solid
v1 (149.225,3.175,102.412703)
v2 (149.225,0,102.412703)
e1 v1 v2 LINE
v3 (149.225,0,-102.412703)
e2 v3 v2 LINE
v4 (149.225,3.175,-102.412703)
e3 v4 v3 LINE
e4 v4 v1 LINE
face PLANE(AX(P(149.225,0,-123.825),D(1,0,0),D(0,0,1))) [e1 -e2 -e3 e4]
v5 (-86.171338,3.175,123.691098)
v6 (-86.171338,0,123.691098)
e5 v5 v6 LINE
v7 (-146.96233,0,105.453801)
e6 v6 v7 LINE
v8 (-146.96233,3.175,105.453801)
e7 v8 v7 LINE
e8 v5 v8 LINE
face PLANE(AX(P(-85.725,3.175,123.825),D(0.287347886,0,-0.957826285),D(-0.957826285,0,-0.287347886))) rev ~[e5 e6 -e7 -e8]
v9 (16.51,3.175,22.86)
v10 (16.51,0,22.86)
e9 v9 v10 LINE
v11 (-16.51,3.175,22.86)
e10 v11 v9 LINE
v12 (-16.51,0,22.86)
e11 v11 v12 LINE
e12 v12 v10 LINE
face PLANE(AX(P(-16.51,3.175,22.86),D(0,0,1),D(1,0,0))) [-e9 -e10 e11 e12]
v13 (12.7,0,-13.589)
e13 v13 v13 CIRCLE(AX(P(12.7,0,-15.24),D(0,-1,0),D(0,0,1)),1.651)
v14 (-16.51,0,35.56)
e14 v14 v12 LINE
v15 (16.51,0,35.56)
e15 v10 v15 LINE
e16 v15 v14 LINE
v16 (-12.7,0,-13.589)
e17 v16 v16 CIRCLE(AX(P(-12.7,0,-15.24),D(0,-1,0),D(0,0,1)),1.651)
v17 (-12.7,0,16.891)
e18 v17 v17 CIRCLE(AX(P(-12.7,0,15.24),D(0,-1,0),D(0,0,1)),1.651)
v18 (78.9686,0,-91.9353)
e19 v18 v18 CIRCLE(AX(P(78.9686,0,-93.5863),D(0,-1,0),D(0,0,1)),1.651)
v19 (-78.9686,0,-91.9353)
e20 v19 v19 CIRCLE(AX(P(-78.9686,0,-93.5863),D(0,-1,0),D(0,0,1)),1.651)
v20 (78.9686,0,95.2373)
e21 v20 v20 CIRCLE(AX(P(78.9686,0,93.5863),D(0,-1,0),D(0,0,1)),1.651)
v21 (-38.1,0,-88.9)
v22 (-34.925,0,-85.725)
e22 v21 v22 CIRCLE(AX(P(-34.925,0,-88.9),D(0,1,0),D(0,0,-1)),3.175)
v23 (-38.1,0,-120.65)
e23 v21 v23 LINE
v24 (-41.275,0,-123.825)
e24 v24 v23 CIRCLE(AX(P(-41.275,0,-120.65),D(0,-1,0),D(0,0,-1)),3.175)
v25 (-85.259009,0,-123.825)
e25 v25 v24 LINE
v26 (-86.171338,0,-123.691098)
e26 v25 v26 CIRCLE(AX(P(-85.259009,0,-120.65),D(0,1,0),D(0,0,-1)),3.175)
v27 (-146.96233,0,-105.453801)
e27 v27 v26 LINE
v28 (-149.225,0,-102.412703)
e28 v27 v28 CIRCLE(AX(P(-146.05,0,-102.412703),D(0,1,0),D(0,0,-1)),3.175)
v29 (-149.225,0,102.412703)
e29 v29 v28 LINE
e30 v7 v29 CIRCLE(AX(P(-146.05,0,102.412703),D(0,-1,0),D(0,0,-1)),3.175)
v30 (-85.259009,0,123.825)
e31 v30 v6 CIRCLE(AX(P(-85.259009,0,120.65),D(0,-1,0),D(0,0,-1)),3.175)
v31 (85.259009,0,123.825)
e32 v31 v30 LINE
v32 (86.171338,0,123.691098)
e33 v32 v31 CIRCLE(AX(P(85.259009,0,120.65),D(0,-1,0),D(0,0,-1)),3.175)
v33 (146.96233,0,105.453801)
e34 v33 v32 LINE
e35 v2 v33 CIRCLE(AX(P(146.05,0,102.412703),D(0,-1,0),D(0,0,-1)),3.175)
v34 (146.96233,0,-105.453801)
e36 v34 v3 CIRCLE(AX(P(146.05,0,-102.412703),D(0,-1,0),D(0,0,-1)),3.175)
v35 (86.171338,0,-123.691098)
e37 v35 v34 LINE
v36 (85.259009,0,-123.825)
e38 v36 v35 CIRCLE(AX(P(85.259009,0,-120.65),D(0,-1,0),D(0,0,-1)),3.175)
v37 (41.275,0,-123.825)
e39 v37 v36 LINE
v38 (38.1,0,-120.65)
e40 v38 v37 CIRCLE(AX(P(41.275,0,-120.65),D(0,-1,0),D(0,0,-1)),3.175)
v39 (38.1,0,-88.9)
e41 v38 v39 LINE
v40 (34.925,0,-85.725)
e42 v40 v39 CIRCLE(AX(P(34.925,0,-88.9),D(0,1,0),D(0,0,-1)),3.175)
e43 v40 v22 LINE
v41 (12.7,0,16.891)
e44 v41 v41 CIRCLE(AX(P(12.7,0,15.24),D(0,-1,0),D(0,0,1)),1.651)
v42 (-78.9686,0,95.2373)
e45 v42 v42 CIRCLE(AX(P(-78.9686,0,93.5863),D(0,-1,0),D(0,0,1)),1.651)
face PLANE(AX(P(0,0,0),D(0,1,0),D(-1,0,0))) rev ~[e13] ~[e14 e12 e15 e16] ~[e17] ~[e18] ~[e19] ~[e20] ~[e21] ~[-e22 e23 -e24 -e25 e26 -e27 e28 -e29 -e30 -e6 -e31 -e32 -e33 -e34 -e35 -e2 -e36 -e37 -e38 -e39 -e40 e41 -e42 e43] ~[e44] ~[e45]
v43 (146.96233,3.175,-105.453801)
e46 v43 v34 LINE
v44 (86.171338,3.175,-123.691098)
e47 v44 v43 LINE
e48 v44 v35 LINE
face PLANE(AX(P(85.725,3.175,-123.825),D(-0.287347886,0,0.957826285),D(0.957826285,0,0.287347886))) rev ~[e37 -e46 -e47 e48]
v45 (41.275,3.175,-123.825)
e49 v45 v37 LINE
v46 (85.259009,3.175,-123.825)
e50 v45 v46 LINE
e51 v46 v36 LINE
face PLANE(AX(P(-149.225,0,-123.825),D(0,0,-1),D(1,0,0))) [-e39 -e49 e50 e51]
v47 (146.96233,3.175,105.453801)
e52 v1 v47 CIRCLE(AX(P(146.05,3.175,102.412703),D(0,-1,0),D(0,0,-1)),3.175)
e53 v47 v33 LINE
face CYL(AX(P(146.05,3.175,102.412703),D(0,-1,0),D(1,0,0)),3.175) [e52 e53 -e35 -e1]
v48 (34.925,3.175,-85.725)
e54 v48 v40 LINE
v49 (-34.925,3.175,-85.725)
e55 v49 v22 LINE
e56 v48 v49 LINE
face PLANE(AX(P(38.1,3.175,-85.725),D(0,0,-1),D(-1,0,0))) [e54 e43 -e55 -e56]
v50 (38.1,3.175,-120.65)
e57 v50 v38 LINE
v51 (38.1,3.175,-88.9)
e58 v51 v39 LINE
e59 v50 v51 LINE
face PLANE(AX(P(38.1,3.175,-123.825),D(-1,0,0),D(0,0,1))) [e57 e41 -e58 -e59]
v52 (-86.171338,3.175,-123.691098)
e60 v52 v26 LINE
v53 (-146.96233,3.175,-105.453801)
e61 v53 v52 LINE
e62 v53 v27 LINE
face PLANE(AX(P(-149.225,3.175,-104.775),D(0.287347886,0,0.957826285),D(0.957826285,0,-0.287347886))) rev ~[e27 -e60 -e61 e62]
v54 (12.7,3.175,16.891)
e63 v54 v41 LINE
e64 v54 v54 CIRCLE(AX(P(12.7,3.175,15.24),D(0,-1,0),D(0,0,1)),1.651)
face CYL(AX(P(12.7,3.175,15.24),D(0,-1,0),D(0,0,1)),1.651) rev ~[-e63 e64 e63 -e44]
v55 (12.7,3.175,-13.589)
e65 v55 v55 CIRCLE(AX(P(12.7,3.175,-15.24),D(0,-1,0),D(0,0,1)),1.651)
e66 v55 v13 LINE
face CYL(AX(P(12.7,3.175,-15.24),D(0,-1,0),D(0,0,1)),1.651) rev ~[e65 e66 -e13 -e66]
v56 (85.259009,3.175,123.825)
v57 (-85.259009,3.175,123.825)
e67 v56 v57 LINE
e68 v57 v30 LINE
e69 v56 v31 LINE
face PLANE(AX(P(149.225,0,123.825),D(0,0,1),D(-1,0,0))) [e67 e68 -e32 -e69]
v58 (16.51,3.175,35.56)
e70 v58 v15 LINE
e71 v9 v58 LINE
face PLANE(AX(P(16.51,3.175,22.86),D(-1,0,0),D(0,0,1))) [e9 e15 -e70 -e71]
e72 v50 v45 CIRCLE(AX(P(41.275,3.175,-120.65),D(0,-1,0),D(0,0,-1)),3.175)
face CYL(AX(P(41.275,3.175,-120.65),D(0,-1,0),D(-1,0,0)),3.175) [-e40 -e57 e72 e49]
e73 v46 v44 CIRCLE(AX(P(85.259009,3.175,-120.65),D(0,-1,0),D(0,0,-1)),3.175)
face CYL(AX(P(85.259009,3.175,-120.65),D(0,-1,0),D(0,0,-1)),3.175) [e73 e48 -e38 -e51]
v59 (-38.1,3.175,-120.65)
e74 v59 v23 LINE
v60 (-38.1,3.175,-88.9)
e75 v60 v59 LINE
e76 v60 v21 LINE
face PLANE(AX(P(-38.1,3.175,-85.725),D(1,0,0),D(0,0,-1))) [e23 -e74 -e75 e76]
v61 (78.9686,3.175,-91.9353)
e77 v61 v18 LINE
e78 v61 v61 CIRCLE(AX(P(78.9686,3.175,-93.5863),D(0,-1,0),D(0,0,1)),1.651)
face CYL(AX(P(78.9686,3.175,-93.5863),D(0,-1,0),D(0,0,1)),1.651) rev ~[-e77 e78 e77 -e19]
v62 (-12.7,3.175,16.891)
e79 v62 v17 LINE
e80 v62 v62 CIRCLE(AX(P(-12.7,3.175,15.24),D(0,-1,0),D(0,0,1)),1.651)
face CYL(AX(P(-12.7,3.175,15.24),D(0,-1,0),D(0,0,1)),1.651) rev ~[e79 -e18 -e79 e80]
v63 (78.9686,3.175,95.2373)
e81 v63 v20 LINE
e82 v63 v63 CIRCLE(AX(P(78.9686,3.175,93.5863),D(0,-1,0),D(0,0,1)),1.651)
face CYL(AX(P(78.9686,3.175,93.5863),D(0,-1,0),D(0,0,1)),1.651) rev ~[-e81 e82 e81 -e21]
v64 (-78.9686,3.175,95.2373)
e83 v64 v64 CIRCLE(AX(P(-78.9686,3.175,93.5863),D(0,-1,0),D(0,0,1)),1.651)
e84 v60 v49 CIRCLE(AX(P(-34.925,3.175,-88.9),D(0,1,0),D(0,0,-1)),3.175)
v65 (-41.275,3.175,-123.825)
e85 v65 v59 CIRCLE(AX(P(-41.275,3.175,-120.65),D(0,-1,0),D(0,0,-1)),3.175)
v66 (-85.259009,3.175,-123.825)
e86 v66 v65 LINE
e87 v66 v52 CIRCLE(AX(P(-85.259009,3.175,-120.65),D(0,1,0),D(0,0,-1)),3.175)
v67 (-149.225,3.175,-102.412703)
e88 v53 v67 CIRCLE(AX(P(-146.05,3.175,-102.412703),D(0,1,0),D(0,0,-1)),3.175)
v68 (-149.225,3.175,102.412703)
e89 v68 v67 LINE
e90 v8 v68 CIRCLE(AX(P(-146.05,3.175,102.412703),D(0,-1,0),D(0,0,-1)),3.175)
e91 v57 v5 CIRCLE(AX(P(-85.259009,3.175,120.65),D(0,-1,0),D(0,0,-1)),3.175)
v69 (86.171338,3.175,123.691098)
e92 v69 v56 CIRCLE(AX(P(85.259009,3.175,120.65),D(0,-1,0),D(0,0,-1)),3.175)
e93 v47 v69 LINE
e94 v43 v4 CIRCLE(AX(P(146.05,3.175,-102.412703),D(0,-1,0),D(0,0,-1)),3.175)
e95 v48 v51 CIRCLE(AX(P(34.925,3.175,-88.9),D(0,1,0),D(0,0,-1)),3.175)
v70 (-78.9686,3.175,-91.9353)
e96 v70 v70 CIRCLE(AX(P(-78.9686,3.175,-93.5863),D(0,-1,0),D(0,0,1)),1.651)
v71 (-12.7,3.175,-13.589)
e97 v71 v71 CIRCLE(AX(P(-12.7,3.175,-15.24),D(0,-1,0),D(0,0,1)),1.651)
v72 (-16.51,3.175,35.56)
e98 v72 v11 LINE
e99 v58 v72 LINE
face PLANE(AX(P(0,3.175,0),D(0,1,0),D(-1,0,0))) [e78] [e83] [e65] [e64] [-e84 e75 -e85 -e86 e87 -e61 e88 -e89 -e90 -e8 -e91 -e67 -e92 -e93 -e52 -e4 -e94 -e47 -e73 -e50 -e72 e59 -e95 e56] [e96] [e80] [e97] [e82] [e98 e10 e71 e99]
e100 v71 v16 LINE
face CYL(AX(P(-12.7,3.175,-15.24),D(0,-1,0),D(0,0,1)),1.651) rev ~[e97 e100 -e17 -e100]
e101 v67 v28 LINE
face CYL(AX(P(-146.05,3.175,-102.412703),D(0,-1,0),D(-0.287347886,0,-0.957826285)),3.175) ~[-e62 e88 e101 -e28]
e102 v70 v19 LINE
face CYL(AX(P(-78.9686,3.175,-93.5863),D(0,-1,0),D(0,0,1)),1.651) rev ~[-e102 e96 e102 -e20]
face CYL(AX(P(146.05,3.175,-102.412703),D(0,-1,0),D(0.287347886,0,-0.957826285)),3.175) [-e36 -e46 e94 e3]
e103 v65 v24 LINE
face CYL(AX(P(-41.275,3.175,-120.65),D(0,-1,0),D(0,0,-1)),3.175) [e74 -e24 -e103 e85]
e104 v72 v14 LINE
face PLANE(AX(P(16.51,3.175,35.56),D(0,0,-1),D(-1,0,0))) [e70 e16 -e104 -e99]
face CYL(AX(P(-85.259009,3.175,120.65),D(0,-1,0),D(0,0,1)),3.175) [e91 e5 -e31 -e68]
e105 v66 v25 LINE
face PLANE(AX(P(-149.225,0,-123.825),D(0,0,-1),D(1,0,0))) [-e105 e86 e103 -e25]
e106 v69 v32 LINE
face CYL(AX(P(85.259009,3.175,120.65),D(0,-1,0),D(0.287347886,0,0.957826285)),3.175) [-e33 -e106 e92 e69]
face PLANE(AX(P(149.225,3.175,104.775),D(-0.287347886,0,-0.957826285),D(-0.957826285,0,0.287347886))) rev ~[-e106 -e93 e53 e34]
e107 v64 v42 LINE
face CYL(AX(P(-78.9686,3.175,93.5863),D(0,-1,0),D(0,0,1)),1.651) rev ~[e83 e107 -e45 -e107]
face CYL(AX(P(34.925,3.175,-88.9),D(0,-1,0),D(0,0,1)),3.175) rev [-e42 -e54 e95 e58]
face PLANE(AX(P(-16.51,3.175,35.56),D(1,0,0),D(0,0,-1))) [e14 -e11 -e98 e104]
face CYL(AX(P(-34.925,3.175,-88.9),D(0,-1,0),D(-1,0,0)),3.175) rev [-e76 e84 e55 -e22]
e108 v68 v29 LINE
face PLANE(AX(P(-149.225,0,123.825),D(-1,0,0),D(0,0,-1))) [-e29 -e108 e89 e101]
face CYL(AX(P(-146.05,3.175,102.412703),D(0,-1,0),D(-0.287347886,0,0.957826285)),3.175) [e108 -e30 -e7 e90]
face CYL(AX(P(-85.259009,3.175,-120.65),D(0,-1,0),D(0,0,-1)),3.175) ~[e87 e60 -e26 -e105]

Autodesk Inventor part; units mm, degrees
ref_plane "YZ Plane" through (0, 0, 0) normal (1, 0, 0) x (0, 1, 0)
ref_plane "XZ Plane" through (0, 0, 0) normal (0, 1, 0) x (-1, 0, 0)
ref_plane "XY Plane" through (0, 0, 0) normal (0, 0, 1) x (1, 0, 0)
sketch "Sketch1" plane through (0, 0, 0) normal (0, 1, 0) x (-1, 0, 0)
  line L0 (149.225, -123.825) -> (-149.225, -123.825)
  line L1 (-149.225, -123.825) -> (-149.225, 123.825)
  line L2 (-149.225, 123.825) -> (149.225, 123.825)
  line L3 (149.225, 123.825) -> (149.225, -123.825)
  line L4 (149.225, -123.825) -> (-149.225, 123.825) construction
  line L5 (-149.225, -123.825) -> (149.225, 123.825) construction
  point P0 (0, 0)
  dimension "d0" = 298.45
  dimension "d1" = 247.65
extrude "Extrusion1" add sketch "Sketch1" along normal blind 3.175
sketch "Sketch2" plane through (0, 3.175, 0) normal (0, 1, 0) x (1, 0, 0)
  line L0 (149.225, 123.825) -> (-149.225, 123.825) projected
  line L1 (-149.225, 123.825) -> (-149.225, -123.825) projected
  line L2 (-149.225, -123.825) -> (149.225, -123.825) projected
  line L3 (149.225, -123.825) -> (149.225, 123.825) projected
  line L4 (-149.225, 104.775) -> (-85.725, 123.825)
  line L5 (85.725, 123.825) -> (149.225, 104.775)
  line L6 (149.225, -104.775) -> (85.725, -123.825)
  line L7 (-85.725, -123.825) -> (-149.225, -104.775)
  point P0 (0, 0)
  dimension "d4" = 19.05
  dimension "d5" = 19.05
  dimension "d6" = 19.05
  dimension "d7" = 19.05
  dimension "d8" = 63.5
  dimension "d9" = 63.5
  dimension "d10" = 63.5
extrude "Extrusion2" cut sketch "Sketch2" against normal blind 3.175 contours L3 L5 L0 | L4 L1 L0 | L3 L2 L6 | L7 L2 L1
sketch "Sketch3" plane through (0, 3.175, 0) normal (0, 1, 0) x (1, 0, 0)
  line L0 (85.725, 123.825) -> (-85.725, 123.825) projected
  line L1 (-38.1, 123.825) -> (38.1, 123.825)
  line L2 (38.1, 123.825) -> (38.1, 85.725)
  line L3 (38.1, 85.725) -> (-38.1, 85.725)
  line L4 (-38.1, 85.725) -> (-38.1, 123.825)
  point P0 (0, 0)
  point P1 (0, 85.725)
  dimension "d13" = 38.1
  dimension "d14" = 76.2
extrude "Extrusion3" cut sketch "Sketch3" against normal blind 3.175
fillet "Fillet1" radius 3.175 12 edges at (38.1, 1.5875, -85.725) (-38.1, 1.5875, -85.725) (38.1, 1.5875, -123.825) (-38.1, 1.5875, -123.825) (85.725, 1.5875, -123.825) (-85.725, 1.5875, -123.825) (-149.225, 1.5875, -104.775) (149.225, 1.5875, -104.775) (-149.225, 1.5875, 104.775) (-85.725, 1.5875, 123.825) (85.725, 1.5875, 123.825) (149.225, 1.5875, 104.775)
sketch "Sketch4" plane through (0, 3.175, 0) normal (0, 1, 0) x (1, 0, 0)
  point P0 (0, 0)
  point P1 (-78.9686, 93.5863)
  point P2 (-78.9686, -93.5863)
  point P3 (78.9686, -93.5863)
  point P4 (78.9686, 93.5863)
  dimension "d18" = 93.5863
  dimension "d19" = 93.5863
  dimension "d20" = 78.9686
  dimension "d21" = 78.9686
hole "Hole1" at (-78.9686, 3.175, -93.5863) at (-78.9686, 3.175, 93.5863) at (78.9686, 3.175, 93.5863) at (78.9686, 3.175, -93.5863) direction (0, -1, 0) diameter 3.302 end through all
sketch "Sketch5" plane through (0, 3.175, 0) normal (0, 1, 0) x (1, 0, 0)
  line L0 (-149.225, 102.4127) -> (-149.225, -102.4127) projected
  line L1 (149.225, -102.4127) -> (149.225, 102.4127) projected
  point P0 (0, 0)
  point P1 (-12.7, 15.24)
  point P2 (12.7, 15.24)
  point P3 (-12.7, -15.24)
  point P4 (12.7, -15.24)
  dimension "d38" = 25.4
  dimension "d39" = 25.4
  dimension "d40" = 30.48
  dimension "d44" = 15.24
  dimension "d45" = 15.24
  dimension "d46" = 12.7
  dimension "d47" = 12.7
  dimension "d48" = 12.7
hole "Hole3" at (-12.7, 3.175, -15.24) at (12.7, 3.175, -15.24) at (-12.7, 3.175, 15.24) at (12.7, 3.175, 15.24) direction (0, -1, 0) diameter 3.302 end through all
sketch "Sketch6" plane through (0, 3.175, 0) normal (0, 1, 0) x (1, 0, 0)
  line L0 (-16.51, -22.86) -> (16.51, -22.86)
  line L1 (16.51, -22.86) -> (16.51, -35.56)
  line L2 (16.51, -35.56) -> (-16.51, -35.56)
  line L3 (-16.51, -35.56) -> (-16.51, -22.86)
  point P0 (0, 0)
  dimension "d56" = 33.02
  dimension "d57" = 22.86
  dimension "d58" = 16.51
  dimension "d61" = 12.7
extrude "Extrusion4" cut sketch "Sketch6" against normal blind 25.4
equation "\"d18\" = d19"
properties part number "CoverPlate_CamMount"
